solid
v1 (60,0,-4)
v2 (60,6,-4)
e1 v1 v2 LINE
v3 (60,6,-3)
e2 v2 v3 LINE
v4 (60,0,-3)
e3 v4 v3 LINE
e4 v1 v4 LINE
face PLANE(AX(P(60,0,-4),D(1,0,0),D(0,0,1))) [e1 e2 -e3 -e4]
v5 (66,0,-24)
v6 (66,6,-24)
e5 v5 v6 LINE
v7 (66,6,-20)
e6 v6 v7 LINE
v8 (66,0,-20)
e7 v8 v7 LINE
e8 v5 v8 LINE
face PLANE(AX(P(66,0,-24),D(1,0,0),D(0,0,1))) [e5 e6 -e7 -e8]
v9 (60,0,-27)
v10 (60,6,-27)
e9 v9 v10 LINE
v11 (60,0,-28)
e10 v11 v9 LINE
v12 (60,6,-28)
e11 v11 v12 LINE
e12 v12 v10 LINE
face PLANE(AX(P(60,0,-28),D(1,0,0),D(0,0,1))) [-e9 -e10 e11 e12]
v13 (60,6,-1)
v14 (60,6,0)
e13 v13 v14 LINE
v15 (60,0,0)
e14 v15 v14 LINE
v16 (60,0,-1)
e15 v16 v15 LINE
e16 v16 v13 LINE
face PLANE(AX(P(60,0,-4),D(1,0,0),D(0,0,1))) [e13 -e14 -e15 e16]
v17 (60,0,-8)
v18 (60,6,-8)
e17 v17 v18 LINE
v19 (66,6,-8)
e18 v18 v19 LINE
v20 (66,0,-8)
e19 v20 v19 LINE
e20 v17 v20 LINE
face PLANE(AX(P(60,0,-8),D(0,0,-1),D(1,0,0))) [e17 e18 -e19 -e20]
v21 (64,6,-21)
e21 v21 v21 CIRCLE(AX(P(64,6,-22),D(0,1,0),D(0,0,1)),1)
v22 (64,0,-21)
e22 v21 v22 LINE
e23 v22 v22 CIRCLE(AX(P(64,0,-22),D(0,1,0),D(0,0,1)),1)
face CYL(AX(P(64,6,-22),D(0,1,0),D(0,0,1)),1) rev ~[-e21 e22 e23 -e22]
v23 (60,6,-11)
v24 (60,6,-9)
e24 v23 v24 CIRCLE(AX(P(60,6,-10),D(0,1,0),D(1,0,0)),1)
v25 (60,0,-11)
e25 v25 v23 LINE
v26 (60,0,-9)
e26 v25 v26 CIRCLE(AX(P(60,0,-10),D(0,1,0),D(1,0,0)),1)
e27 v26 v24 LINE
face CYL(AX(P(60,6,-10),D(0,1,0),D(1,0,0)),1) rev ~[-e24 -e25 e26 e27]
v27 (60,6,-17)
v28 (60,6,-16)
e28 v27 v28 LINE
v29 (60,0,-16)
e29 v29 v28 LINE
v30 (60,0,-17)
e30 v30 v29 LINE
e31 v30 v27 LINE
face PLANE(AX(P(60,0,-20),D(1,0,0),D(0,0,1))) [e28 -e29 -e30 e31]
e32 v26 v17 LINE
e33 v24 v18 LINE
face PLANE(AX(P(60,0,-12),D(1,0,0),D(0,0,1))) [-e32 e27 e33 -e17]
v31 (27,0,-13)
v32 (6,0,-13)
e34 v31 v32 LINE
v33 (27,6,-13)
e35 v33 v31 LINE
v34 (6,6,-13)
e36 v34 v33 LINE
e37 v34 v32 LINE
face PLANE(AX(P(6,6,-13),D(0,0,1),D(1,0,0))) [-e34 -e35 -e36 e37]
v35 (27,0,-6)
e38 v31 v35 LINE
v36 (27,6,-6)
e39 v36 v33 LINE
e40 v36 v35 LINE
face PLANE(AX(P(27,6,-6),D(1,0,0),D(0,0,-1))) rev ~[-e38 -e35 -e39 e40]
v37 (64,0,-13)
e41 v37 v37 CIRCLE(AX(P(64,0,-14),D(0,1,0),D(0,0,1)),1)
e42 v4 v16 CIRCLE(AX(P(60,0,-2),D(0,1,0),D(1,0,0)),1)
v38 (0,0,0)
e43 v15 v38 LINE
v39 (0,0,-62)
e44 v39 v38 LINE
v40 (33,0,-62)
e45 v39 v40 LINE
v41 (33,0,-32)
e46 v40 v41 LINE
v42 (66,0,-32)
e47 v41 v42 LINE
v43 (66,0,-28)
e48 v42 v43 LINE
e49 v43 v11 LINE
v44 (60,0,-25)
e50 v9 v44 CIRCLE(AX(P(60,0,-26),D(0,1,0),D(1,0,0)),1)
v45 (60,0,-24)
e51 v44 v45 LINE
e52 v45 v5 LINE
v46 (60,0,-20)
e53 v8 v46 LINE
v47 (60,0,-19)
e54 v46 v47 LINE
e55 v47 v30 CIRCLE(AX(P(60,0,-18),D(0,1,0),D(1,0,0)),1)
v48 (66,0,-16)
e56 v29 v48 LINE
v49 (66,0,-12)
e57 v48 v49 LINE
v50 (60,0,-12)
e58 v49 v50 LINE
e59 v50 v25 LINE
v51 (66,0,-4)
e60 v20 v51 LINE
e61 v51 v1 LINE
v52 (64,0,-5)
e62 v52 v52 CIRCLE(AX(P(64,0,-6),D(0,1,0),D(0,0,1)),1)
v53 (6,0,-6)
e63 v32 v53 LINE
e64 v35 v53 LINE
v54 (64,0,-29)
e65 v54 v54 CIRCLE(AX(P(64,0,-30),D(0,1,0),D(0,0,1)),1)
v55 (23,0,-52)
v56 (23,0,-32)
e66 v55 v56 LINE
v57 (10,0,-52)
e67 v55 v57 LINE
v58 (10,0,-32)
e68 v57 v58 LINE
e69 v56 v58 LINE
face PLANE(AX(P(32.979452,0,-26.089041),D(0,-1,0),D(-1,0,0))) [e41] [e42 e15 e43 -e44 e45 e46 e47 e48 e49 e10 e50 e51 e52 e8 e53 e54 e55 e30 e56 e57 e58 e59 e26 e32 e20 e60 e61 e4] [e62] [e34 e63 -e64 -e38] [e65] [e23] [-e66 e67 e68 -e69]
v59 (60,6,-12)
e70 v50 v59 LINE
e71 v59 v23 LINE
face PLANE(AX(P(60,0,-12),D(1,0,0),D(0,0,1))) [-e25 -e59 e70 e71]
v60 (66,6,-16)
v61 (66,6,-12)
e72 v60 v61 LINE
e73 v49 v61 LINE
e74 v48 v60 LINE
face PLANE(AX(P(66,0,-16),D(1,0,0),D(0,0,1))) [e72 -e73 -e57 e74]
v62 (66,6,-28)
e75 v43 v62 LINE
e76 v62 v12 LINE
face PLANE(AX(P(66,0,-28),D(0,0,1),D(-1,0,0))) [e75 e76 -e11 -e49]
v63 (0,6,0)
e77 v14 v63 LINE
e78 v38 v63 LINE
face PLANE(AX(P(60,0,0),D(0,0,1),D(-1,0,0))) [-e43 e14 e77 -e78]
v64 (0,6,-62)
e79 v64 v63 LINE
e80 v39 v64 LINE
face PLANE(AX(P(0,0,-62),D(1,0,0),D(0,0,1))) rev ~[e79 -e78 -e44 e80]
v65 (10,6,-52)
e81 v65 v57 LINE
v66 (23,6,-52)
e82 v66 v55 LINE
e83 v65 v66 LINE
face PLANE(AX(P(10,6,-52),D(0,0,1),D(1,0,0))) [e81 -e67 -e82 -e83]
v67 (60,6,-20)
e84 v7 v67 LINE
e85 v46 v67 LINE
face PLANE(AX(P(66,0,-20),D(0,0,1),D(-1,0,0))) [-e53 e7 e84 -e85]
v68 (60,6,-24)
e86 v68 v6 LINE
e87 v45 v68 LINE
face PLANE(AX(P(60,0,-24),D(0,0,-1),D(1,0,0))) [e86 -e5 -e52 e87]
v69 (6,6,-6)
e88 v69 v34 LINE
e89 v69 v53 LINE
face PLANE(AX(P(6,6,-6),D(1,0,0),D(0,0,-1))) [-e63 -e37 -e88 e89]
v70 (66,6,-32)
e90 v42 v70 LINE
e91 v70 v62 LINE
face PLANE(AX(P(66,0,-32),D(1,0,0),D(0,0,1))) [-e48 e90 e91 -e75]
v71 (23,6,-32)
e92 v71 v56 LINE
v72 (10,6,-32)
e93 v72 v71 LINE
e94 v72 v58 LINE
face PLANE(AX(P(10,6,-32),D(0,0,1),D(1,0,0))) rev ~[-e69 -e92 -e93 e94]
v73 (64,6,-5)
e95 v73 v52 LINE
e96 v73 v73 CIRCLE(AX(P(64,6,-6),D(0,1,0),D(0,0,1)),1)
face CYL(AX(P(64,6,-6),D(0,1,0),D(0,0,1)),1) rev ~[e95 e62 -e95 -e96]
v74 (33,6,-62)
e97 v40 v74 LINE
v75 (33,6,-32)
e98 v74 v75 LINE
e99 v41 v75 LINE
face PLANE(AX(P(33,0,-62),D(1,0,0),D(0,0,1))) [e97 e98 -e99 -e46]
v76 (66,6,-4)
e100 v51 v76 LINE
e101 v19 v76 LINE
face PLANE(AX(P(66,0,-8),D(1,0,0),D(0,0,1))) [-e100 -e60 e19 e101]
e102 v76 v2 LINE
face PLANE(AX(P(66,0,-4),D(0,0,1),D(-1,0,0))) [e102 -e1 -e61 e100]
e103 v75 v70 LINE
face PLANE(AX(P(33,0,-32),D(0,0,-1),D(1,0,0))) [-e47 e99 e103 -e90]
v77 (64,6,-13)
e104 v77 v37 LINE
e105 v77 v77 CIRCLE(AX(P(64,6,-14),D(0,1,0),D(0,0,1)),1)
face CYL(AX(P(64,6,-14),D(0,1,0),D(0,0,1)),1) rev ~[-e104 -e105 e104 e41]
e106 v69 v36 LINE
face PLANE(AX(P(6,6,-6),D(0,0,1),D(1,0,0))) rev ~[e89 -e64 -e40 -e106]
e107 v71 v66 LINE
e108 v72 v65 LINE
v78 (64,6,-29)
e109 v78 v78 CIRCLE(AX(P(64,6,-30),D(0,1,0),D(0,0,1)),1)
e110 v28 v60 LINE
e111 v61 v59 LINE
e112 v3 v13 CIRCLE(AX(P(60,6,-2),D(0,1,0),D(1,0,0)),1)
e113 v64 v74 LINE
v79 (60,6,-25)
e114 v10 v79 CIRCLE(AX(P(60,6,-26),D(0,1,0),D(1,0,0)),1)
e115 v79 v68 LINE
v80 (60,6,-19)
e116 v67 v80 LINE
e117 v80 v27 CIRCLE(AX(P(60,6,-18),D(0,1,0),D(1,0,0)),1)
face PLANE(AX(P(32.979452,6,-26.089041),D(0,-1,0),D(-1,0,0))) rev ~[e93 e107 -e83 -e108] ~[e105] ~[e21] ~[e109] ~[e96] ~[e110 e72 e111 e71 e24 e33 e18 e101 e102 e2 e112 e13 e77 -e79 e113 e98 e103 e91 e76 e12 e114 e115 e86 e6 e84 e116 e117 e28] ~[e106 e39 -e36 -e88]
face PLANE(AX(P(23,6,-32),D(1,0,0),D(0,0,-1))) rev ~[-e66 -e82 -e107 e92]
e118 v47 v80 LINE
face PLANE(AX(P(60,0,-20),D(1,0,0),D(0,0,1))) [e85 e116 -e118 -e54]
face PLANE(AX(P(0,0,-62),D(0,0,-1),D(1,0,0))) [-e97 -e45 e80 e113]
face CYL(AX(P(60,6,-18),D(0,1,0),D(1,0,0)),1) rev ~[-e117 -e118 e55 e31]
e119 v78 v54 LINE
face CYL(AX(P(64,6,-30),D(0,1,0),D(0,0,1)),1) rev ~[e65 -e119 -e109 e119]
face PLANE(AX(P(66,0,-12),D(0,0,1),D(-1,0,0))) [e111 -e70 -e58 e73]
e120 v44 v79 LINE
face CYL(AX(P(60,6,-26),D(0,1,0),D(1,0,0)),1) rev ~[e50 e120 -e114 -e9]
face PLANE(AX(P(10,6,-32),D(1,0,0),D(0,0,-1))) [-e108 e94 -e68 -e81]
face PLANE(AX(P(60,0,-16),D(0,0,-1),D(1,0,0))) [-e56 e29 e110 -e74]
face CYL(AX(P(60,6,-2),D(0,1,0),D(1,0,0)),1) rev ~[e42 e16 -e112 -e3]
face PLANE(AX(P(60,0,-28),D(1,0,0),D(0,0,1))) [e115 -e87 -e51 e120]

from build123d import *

# Parameters (mm, degrees)
BOSS_EXTRUDE1_DEPTH = 6
SKETCH2_W           = 21
SKETCH2_H           = 7
SKETCH2_W_2         = 13
SKETCH2_H_2         = 20
CUT_EXTRUDE1_DEPTH  = 91.752410436
SKETCH3_R           = 1
CUT_EXTRUDE2_DEPTH  = 91.752410436


with BuildPart() as part:
    # Sketch1 → Boss-Extrude1 (new body)
    with BuildSketch(Plane(origin=(0, 0, 0), x_dir=(1, 0, 0), z_dir=(0, 1, 0))):
        Polygon((33, 32), (66, 32), (66, 28), (60, 28), (60, 24), (66, 24), (66, 20), (60, 20), (60, 16), (66, 16), (66, 12), (60, 12), (60, 8), (66, 8), (66, 4), (60, 4), (60, 0), (0, 0), (0, 20), (0, 62), (33, 62), align=None)
    extrude(amount=BOSS_EXTRUDE1_DEPTH)

    # Sketch2 → Cut-Extrude1 (cut, through all)
    with BuildSketch(Plane(origin=(0, 6, 0), x_dir=(1, 0, 0), z_dir=(0, 1, 0))):
        with Locations((16.5, 9.5)):
            Rectangle(SKETCH2_W, SKETCH2_H)
        with Locations((16.5, 42)):
            Rectangle(SKETCH2_W_2, SKETCH2_H_2)
    extrude(amount=-CUT_EXTRUDE1_DEPTH, mode=Mode.SUBTRACT)

    # Sketch3 → Cut-Extrude2 (cut, through all)
    with BuildSketch(Plane(origin=(0, 6, 0), x_dir=(1, 0, 0), z_dir=(0, 1, 0))):
        with Locations(Location((64, 30, 0), (0, 0, 270))):
            Circle(SKETCH3_R)
        with Locations(Location((64, 22, 0), (0, 0, 270))):
            Circle(SKETCH3_R)
        with Locations(Location((64, 14, 0), (0, 0, 270))):
            Circle(SKETCH3_R)
        with Locations(Location((64, 6, 0), (0, 0, 270))):
            Circle(SKETCH3_R)
        with Locations((60, 26)):
            Circle(SKETCH3_R)
        with Locations((60, 18)):
            Circle(SKETCH3_R)
        with Locations((60, 10)):
            Circle(SKETCH3_R)
        with Locations((60, 2)):
            Circle(SKETCH3_R)
    extrude(amount=-CUT_EXTRUDE2_DEPTH, mode=Mode.SUBTRACT)


solid = part.part
